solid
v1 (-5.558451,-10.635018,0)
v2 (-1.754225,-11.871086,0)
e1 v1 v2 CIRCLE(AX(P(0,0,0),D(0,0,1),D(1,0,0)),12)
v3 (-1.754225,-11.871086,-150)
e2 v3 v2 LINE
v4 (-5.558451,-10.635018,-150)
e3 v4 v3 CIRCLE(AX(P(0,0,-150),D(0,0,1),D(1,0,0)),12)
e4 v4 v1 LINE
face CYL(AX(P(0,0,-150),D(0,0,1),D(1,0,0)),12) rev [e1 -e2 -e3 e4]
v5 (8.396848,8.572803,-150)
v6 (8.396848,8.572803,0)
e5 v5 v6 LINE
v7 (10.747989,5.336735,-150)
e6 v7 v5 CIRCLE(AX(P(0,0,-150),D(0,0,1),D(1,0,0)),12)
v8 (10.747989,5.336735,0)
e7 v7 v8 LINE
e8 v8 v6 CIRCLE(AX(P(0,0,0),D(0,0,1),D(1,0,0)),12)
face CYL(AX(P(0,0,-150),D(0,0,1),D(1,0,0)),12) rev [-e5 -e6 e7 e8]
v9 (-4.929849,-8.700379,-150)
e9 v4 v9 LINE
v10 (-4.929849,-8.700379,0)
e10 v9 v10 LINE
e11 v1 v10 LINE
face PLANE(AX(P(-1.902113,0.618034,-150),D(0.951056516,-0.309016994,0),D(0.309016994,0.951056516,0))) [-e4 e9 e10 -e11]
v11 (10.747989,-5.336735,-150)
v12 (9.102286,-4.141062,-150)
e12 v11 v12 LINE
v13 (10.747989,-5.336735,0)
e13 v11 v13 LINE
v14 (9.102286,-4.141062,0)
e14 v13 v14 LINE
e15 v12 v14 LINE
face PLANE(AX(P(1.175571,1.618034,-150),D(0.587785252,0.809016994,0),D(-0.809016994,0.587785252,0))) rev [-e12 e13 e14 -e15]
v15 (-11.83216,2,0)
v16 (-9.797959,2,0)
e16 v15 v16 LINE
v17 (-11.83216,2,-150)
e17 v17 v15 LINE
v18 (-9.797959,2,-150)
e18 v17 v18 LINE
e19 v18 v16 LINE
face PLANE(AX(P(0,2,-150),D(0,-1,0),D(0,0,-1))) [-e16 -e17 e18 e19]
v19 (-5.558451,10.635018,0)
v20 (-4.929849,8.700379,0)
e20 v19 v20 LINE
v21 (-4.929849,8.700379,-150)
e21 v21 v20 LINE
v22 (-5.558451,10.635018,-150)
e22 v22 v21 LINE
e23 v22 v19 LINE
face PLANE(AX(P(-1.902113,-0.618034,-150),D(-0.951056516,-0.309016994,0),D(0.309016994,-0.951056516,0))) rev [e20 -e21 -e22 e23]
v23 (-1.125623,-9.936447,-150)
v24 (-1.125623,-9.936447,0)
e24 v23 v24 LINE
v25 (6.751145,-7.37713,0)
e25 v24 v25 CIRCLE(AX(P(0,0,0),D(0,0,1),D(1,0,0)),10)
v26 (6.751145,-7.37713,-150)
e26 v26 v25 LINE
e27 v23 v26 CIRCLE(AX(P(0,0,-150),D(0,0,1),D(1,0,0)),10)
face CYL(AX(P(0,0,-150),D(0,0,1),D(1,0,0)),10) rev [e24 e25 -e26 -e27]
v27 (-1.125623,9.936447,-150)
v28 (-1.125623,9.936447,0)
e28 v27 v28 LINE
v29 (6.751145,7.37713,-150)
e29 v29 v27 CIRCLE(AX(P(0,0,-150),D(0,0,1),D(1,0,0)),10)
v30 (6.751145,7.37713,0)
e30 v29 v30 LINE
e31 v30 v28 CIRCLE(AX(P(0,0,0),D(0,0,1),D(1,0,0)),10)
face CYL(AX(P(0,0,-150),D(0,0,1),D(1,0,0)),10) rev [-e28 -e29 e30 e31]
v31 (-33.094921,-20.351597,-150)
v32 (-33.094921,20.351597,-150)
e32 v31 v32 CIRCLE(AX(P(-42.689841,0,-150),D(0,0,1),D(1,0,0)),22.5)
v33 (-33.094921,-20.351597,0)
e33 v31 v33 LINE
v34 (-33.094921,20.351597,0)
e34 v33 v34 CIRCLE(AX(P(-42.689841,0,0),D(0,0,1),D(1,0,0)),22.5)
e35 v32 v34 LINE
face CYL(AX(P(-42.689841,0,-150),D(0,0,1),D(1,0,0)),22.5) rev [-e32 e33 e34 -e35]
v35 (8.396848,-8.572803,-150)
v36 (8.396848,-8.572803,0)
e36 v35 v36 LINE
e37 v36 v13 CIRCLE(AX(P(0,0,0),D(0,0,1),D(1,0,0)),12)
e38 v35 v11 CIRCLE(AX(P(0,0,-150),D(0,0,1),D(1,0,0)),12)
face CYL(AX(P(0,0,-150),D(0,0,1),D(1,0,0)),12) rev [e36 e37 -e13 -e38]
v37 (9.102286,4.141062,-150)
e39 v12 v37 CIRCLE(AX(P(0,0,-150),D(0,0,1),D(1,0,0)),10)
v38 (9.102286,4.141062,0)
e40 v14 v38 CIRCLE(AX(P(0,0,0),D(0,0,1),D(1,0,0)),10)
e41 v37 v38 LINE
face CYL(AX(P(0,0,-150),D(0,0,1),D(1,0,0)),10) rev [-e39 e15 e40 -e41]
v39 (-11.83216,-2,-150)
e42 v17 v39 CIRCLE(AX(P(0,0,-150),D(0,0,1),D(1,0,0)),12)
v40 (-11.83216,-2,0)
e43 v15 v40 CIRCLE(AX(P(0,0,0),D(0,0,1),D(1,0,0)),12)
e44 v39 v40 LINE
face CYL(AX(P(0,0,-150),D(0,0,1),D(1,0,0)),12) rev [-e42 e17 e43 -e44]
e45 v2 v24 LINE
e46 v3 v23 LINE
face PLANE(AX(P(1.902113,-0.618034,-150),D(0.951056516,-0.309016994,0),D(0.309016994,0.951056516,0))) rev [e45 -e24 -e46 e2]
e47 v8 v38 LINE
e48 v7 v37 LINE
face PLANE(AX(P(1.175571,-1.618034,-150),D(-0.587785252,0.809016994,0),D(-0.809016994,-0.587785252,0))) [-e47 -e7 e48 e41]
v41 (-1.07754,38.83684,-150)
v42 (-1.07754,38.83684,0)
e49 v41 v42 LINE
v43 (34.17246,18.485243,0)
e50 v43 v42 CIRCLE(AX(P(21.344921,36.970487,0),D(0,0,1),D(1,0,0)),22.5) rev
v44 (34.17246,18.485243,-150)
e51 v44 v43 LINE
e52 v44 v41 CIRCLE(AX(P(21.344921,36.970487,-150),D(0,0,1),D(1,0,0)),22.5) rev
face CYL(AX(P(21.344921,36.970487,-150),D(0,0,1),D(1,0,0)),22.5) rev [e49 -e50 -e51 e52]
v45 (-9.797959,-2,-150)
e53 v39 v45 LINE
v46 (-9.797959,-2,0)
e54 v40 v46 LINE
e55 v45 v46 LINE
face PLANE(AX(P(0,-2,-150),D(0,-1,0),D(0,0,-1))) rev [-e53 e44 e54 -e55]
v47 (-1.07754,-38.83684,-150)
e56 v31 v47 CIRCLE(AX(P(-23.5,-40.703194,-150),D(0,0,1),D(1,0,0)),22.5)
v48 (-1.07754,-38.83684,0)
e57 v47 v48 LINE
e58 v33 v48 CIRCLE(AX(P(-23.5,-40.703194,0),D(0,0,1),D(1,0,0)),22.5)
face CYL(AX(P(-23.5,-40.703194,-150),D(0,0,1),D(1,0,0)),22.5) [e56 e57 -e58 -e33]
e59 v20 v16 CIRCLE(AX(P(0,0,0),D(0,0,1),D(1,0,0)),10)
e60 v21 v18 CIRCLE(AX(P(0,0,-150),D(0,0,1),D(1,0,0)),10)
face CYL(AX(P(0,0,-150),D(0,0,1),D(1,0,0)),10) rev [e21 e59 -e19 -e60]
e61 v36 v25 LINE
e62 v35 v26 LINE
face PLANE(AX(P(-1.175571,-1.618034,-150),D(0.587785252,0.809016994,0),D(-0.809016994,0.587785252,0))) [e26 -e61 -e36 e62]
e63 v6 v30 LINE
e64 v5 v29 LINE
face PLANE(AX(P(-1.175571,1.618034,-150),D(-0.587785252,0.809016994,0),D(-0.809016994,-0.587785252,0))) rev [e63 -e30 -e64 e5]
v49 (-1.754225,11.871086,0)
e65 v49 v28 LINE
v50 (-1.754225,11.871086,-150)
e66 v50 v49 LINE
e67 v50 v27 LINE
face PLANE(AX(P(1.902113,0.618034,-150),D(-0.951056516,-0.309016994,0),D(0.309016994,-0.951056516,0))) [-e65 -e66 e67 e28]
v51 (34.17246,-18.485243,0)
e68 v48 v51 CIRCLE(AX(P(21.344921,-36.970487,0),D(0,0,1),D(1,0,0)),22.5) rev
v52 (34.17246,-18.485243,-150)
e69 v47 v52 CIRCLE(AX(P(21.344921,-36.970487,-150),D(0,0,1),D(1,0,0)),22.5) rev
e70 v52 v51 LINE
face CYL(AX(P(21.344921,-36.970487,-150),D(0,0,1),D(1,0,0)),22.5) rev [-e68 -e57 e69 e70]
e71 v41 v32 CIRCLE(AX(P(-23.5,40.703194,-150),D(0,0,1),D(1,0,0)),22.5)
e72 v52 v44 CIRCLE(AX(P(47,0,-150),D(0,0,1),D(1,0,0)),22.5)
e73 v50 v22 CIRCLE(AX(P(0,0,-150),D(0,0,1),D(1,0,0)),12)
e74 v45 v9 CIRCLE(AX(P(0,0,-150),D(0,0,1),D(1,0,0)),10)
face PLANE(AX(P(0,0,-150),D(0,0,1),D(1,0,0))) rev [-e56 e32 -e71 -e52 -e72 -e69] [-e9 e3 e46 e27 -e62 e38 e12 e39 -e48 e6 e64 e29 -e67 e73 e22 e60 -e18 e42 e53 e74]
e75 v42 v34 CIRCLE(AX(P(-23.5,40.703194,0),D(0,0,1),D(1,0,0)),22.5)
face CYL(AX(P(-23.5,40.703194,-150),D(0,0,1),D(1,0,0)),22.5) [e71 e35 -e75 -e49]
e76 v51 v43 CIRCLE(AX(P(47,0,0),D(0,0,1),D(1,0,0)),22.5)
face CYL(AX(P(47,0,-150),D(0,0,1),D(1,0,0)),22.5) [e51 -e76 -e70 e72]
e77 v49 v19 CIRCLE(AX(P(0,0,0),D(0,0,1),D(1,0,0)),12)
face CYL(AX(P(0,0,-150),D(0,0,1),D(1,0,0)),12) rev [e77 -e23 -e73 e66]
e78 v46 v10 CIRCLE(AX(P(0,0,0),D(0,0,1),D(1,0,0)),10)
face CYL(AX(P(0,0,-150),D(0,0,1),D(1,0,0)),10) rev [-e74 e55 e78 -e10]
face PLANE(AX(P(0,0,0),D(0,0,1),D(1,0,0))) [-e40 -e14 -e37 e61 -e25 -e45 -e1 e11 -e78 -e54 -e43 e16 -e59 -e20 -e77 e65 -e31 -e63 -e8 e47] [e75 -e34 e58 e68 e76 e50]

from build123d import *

# Parameters (mm, degrees)
Y_KSEKLIK_EKSTR_ZYON1_DEPTH = 150


with BuildPart() as part:
    # Çizim1 → Yükseklik-Ekstrüzyon1 (new body)
    with BuildSketch(Plane.XY):
        with BuildLine():
            ThreePointArc((-1.077539734, -38.836840411), (10.094920531, -17.484915258), (34.172460266, -18.485243422))
            ThreePointArc((34.172460266, -18.485243422), (69.5, 0), (34.172460266, 18.485243422))
            ThreePointArc((34.172460266, 18.485243422), (10.094920531, 17.484915258), (-1.077539734, 38.836840411))
            ThreePointArc((-1.077539734, 38.836840411), (-34.75, 60.188765563), (-33.094920531, 20.351596989))
            ThreePointArc((-33.094920531, 20.351596989), (-20.189841062, 0), (-33.094920531, -20.351596989))
            ThreePointArc((-33.094920531, -20.351596989), (-34.75, -60.188765563), (-1.077539734, -38.836840411))
        make_face()
        with BuildLine():
            ThreePointArc((-5.558451419, 10.635018469), (-3.708203932, 11.412678196), (-1.754225354, 11.871086446))
            Line((-1.754225354, 11.871086446), (-1.1256228, 9.936446715))
            ThreePointArc((-1.1256228, 9.936446715), (3.090169944, 9.510565163), (6.751144813, 7.377129775))
            Line((6.751144813, 7.377129775), (8.396847665, 8.572802885))
            ThreePointArc((8.396847665, 8.572802885), (9.708203932, 7.053423028), (10.747988674, 5.336734907))
            Line((10.747988674, 5.336734907), (9.102285822, 4.141061797))
            ThreePointArc((9.102285822, 4.141061797), (9.77299489, 2.118624763), (10, 0))
            ThreePointArc((10, 0), (9.77299489, -2.118624763), (9.102285822, -4.141061797))
            Line((9.102285822, -4.141061797), (10.747988674, -5.336734907))
            ThreePointArc((10.747988674, -5.336734907), (9.708203932, -7.053423028), (8.396847665, -8.572802885))
            Line((8.396847665, -8.572802885), (6.751144813, -7.377129775))
            ThreePointArc((6.751144813, -7.377129775), (3.090169944, -9.510565163), (-1.1256228, -9.936446715))
            Line((-1.1256228, -9.936446715), (-1.754225354, -11.871086446))
            ThreePointArc((-1.754225354, -11.871086446), (-3.708203932, -11.412678196), (-5.558451419, -10.635018469))
            Line((-5.558451419, -10.635018469), (-4.929848865, -8.700378737))
            ThreePointArc((-4.929848865, -8.700378737), (-8.090169944, -5.877852523), (-9.797958971, -2))
            Line((-9.797958971, -2), (-11.832159566, -2))
            ThreePointArc((-11.832159566, -2), (-12, 0), (-11.832159566, 2))
            Line((-11.832159566, 2), (-9.797958971, 2))
            ThreePointArc((-9.797958971, 2), (-8.090169944, 5.877852523), (-4.929848865, 8.700378737))
            Line((-4.929848865, 8.700378737), (-5.558451419, 10.635018469))
        make_face(mode=Mode.SUBTRACT)
    extrude(amount=-Y_KSEKLIK_EKSTR_ZYON1_DEPTH)


solid = part.part
